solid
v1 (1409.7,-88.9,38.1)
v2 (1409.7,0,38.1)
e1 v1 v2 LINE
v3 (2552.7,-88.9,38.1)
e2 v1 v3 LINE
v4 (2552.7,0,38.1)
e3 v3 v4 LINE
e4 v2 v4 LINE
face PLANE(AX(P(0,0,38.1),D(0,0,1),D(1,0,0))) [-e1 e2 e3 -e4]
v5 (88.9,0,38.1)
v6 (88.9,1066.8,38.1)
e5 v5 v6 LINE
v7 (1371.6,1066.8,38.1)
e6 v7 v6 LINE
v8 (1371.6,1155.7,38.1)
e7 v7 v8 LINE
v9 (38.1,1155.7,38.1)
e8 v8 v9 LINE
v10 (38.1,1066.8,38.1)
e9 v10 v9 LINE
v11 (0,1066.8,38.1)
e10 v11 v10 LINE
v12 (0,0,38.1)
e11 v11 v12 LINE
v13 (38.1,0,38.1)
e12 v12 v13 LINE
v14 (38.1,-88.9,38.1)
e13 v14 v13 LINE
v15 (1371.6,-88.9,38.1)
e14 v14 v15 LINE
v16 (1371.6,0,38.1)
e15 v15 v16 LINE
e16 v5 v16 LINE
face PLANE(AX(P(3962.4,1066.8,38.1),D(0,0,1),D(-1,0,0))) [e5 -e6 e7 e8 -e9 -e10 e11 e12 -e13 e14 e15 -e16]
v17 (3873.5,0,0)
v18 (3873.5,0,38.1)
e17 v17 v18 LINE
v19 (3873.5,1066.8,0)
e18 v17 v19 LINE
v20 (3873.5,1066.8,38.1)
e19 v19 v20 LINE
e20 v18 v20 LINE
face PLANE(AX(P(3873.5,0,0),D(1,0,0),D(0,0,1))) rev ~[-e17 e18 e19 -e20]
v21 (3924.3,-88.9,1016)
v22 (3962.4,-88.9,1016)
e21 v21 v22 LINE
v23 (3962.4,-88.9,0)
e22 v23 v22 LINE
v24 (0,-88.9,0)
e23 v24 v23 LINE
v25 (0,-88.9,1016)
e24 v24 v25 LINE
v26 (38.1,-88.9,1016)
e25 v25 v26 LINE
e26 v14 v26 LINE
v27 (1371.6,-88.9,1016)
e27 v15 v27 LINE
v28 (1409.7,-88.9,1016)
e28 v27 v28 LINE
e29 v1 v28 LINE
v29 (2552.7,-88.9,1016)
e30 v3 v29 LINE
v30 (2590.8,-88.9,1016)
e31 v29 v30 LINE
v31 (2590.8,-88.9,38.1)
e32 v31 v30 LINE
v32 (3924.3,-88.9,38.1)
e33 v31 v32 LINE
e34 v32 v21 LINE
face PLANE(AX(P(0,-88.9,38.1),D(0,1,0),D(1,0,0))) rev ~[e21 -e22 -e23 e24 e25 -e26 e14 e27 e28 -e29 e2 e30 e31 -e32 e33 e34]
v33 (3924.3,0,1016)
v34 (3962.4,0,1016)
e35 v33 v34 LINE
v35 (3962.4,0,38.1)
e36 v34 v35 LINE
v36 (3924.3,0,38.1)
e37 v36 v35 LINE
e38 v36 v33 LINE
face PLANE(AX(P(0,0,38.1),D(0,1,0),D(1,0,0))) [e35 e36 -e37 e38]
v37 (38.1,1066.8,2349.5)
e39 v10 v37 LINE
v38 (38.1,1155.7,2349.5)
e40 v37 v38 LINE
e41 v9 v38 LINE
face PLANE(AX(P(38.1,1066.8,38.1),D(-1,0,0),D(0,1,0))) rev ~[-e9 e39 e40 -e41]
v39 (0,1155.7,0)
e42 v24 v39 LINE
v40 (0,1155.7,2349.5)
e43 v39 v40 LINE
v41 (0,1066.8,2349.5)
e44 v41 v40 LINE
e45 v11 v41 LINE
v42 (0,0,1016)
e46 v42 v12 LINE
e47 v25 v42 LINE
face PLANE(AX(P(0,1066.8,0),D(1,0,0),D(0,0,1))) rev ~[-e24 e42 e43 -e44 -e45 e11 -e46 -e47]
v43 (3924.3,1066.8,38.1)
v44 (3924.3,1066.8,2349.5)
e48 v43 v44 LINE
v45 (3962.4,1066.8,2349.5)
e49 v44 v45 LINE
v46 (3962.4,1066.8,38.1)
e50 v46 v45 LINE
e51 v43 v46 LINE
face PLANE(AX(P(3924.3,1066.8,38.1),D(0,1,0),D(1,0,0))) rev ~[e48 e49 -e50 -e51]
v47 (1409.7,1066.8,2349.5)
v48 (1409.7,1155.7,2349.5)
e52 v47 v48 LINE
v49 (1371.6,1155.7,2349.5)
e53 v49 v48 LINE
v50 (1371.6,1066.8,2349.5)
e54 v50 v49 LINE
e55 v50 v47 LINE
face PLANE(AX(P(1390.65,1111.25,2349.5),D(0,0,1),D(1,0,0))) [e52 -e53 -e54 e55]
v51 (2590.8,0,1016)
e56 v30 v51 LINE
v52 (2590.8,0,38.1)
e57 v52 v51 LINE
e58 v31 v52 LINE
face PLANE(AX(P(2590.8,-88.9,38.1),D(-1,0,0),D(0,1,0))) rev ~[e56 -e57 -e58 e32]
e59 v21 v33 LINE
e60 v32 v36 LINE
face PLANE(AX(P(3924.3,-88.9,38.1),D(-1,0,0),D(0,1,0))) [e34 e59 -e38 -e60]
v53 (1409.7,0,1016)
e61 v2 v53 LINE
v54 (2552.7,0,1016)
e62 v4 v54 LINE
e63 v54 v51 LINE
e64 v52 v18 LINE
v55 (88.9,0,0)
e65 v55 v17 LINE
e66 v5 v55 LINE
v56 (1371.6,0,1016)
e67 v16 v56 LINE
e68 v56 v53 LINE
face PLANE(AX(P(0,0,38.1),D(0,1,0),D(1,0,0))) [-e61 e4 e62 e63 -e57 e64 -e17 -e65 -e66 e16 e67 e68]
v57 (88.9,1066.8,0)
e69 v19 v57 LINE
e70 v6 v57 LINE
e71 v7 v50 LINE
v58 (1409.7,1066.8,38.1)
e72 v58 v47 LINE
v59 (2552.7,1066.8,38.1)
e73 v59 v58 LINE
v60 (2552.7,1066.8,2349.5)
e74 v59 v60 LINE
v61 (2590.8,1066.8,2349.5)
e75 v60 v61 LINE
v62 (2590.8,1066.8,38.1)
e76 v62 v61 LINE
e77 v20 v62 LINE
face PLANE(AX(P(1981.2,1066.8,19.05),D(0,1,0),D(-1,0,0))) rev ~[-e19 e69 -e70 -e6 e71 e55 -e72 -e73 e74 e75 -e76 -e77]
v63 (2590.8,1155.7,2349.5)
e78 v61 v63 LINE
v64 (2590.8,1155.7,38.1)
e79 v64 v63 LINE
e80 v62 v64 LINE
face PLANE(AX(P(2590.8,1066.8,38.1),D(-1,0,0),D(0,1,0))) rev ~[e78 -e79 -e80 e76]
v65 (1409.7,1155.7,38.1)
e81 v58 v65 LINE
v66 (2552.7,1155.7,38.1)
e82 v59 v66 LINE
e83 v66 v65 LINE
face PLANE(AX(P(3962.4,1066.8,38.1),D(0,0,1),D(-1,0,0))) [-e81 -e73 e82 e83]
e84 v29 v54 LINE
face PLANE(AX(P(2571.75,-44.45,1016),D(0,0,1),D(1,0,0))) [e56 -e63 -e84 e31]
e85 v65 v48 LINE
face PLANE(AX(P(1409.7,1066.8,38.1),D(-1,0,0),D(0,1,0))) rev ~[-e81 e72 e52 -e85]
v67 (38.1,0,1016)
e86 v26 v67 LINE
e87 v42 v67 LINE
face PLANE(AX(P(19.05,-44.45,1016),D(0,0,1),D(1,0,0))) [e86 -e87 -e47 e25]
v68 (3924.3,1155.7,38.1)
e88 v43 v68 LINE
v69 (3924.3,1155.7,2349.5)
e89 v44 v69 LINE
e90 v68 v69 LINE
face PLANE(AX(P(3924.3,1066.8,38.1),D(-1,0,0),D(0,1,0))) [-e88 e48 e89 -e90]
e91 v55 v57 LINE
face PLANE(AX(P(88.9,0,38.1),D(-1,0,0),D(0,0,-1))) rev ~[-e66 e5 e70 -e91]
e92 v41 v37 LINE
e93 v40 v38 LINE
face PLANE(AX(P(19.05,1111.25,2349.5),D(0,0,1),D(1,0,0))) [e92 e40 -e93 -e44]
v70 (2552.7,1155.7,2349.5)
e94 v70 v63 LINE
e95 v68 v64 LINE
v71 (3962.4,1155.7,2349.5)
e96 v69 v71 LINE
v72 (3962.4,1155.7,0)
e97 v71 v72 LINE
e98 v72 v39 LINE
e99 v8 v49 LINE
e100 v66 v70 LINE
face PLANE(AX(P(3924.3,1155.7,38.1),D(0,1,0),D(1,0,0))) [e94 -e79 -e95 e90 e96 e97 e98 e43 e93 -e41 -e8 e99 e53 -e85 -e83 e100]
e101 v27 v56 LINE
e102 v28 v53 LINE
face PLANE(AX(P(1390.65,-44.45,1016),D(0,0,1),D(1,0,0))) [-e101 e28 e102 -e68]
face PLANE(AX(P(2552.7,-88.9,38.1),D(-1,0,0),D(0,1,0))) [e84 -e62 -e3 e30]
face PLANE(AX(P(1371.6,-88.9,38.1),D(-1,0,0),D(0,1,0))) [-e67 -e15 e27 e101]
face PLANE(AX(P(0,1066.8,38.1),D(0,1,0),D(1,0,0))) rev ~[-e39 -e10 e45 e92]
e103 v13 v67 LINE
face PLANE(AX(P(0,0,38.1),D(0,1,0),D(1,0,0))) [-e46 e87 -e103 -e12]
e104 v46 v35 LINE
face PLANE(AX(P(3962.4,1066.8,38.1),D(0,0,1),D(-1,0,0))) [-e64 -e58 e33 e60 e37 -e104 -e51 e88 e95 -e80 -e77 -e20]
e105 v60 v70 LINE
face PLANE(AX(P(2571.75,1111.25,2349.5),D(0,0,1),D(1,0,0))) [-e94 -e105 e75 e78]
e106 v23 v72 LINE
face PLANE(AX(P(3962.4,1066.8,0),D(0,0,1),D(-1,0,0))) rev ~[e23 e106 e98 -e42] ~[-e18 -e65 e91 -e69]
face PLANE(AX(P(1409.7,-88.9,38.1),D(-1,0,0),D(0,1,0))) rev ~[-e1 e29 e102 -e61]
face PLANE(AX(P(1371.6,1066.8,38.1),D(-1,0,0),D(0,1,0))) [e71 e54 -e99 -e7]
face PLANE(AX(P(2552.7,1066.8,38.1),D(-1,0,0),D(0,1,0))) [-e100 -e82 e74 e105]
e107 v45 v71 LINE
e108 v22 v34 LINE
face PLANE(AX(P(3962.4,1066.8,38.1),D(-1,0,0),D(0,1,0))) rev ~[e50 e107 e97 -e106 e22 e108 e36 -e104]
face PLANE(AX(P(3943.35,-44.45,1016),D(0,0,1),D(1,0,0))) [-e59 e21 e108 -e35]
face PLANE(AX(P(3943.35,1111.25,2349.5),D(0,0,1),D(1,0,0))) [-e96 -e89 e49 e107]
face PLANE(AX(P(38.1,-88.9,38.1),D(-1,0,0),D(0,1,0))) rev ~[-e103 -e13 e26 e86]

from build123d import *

# Parameters (mm, degrees)
F0_W      = 3962.4
F0_H      = 38.1
F1_DEPTH  = 88.9
F2_W      = 38.1
F2_H      = 88.9
F3_DEPTH  = 977.9
F5_DEPTH  = 1066.8
F7_W      = 3962.4
F7_H      = 38.1
F8_DEPTH  = 88.9
F9_W      = 38.1
F9_H      = 88.9
F10_DEPTH = 2311.4


with BuildPart() as f1:
    # F0 (on Front) → F1 (new body)
    with BuildSketch(Plane.XZ):
        with Locations((1981.2, 19.05)):
            Rectangle(F0_W, F0_H)
    extrude(amount=F1_DEPTH)

    # F2 (on face) → F3 (join)
    with BuildSketch(Plane.XY.offset(38.1)):
        with Locations((19.05, -44.45)):
            Rectangle(F2_W, F2_H)
        with Locations((1390.65, -44.45)):
            Rectangle(F2_W, F2_H)
        with Locations((2571.75, -44.45)):
            Rectangle(F2_W, F2_H)
        with Locations((3943.35, -44.45)):
            Rectangle(F2_W, F2_H)
    extrude(amount=F3_DEPTH)

    # F4 (on face) → F5 (join)
    with BuildSketch(Plane(origin=(0, 0, 0), x_dir=(-1, 0, 0), z_dir=(0, 1, 0))):
        Polygon((-88.9, 38.1), (-88.9, 0), (0, 0), (0, 38.1), (-38.1, 38.1), align=None)
        Polygon((-3962.4, 38.1), (-3962.4, 0), (-3873.5, 0), (-3873.5, 38.1), (-3924.3, 38.1), align=None)
    extrude(amount=F5_DEPTH)

    # F7 (on offset) → F8 (join)
    with BuildSketch(Plane(origin=(0, 1066.8, 0), x_dir=(-1, 0, 0), z_dir=(0, 1, 0))):
        with Locations((-1981.2, 19.05)):
            Rectangle(F7_W, F7_H)
    extrude(amount=F8_DEPTH)

    # F9 (on face) → F10 (join)
    with BuildSketch(Plane.XY.offset(38.1)):
        with Locations((3943.35, 1111.25)):
            Rectangle(F9_W, F9_H)
        with Locations((2571.75, 1111.25)):
            Rectangle(F9_W, F9_H)
        with Locations((1390.65, 1111.25)):
            Rectangle(F9_W, F9_H)
        with Locations((19.05, 1111.25)):
            Rectangle(F9_W, F9_H)
    extrude(amount=F10_DEPTH)


solid = f1.part
